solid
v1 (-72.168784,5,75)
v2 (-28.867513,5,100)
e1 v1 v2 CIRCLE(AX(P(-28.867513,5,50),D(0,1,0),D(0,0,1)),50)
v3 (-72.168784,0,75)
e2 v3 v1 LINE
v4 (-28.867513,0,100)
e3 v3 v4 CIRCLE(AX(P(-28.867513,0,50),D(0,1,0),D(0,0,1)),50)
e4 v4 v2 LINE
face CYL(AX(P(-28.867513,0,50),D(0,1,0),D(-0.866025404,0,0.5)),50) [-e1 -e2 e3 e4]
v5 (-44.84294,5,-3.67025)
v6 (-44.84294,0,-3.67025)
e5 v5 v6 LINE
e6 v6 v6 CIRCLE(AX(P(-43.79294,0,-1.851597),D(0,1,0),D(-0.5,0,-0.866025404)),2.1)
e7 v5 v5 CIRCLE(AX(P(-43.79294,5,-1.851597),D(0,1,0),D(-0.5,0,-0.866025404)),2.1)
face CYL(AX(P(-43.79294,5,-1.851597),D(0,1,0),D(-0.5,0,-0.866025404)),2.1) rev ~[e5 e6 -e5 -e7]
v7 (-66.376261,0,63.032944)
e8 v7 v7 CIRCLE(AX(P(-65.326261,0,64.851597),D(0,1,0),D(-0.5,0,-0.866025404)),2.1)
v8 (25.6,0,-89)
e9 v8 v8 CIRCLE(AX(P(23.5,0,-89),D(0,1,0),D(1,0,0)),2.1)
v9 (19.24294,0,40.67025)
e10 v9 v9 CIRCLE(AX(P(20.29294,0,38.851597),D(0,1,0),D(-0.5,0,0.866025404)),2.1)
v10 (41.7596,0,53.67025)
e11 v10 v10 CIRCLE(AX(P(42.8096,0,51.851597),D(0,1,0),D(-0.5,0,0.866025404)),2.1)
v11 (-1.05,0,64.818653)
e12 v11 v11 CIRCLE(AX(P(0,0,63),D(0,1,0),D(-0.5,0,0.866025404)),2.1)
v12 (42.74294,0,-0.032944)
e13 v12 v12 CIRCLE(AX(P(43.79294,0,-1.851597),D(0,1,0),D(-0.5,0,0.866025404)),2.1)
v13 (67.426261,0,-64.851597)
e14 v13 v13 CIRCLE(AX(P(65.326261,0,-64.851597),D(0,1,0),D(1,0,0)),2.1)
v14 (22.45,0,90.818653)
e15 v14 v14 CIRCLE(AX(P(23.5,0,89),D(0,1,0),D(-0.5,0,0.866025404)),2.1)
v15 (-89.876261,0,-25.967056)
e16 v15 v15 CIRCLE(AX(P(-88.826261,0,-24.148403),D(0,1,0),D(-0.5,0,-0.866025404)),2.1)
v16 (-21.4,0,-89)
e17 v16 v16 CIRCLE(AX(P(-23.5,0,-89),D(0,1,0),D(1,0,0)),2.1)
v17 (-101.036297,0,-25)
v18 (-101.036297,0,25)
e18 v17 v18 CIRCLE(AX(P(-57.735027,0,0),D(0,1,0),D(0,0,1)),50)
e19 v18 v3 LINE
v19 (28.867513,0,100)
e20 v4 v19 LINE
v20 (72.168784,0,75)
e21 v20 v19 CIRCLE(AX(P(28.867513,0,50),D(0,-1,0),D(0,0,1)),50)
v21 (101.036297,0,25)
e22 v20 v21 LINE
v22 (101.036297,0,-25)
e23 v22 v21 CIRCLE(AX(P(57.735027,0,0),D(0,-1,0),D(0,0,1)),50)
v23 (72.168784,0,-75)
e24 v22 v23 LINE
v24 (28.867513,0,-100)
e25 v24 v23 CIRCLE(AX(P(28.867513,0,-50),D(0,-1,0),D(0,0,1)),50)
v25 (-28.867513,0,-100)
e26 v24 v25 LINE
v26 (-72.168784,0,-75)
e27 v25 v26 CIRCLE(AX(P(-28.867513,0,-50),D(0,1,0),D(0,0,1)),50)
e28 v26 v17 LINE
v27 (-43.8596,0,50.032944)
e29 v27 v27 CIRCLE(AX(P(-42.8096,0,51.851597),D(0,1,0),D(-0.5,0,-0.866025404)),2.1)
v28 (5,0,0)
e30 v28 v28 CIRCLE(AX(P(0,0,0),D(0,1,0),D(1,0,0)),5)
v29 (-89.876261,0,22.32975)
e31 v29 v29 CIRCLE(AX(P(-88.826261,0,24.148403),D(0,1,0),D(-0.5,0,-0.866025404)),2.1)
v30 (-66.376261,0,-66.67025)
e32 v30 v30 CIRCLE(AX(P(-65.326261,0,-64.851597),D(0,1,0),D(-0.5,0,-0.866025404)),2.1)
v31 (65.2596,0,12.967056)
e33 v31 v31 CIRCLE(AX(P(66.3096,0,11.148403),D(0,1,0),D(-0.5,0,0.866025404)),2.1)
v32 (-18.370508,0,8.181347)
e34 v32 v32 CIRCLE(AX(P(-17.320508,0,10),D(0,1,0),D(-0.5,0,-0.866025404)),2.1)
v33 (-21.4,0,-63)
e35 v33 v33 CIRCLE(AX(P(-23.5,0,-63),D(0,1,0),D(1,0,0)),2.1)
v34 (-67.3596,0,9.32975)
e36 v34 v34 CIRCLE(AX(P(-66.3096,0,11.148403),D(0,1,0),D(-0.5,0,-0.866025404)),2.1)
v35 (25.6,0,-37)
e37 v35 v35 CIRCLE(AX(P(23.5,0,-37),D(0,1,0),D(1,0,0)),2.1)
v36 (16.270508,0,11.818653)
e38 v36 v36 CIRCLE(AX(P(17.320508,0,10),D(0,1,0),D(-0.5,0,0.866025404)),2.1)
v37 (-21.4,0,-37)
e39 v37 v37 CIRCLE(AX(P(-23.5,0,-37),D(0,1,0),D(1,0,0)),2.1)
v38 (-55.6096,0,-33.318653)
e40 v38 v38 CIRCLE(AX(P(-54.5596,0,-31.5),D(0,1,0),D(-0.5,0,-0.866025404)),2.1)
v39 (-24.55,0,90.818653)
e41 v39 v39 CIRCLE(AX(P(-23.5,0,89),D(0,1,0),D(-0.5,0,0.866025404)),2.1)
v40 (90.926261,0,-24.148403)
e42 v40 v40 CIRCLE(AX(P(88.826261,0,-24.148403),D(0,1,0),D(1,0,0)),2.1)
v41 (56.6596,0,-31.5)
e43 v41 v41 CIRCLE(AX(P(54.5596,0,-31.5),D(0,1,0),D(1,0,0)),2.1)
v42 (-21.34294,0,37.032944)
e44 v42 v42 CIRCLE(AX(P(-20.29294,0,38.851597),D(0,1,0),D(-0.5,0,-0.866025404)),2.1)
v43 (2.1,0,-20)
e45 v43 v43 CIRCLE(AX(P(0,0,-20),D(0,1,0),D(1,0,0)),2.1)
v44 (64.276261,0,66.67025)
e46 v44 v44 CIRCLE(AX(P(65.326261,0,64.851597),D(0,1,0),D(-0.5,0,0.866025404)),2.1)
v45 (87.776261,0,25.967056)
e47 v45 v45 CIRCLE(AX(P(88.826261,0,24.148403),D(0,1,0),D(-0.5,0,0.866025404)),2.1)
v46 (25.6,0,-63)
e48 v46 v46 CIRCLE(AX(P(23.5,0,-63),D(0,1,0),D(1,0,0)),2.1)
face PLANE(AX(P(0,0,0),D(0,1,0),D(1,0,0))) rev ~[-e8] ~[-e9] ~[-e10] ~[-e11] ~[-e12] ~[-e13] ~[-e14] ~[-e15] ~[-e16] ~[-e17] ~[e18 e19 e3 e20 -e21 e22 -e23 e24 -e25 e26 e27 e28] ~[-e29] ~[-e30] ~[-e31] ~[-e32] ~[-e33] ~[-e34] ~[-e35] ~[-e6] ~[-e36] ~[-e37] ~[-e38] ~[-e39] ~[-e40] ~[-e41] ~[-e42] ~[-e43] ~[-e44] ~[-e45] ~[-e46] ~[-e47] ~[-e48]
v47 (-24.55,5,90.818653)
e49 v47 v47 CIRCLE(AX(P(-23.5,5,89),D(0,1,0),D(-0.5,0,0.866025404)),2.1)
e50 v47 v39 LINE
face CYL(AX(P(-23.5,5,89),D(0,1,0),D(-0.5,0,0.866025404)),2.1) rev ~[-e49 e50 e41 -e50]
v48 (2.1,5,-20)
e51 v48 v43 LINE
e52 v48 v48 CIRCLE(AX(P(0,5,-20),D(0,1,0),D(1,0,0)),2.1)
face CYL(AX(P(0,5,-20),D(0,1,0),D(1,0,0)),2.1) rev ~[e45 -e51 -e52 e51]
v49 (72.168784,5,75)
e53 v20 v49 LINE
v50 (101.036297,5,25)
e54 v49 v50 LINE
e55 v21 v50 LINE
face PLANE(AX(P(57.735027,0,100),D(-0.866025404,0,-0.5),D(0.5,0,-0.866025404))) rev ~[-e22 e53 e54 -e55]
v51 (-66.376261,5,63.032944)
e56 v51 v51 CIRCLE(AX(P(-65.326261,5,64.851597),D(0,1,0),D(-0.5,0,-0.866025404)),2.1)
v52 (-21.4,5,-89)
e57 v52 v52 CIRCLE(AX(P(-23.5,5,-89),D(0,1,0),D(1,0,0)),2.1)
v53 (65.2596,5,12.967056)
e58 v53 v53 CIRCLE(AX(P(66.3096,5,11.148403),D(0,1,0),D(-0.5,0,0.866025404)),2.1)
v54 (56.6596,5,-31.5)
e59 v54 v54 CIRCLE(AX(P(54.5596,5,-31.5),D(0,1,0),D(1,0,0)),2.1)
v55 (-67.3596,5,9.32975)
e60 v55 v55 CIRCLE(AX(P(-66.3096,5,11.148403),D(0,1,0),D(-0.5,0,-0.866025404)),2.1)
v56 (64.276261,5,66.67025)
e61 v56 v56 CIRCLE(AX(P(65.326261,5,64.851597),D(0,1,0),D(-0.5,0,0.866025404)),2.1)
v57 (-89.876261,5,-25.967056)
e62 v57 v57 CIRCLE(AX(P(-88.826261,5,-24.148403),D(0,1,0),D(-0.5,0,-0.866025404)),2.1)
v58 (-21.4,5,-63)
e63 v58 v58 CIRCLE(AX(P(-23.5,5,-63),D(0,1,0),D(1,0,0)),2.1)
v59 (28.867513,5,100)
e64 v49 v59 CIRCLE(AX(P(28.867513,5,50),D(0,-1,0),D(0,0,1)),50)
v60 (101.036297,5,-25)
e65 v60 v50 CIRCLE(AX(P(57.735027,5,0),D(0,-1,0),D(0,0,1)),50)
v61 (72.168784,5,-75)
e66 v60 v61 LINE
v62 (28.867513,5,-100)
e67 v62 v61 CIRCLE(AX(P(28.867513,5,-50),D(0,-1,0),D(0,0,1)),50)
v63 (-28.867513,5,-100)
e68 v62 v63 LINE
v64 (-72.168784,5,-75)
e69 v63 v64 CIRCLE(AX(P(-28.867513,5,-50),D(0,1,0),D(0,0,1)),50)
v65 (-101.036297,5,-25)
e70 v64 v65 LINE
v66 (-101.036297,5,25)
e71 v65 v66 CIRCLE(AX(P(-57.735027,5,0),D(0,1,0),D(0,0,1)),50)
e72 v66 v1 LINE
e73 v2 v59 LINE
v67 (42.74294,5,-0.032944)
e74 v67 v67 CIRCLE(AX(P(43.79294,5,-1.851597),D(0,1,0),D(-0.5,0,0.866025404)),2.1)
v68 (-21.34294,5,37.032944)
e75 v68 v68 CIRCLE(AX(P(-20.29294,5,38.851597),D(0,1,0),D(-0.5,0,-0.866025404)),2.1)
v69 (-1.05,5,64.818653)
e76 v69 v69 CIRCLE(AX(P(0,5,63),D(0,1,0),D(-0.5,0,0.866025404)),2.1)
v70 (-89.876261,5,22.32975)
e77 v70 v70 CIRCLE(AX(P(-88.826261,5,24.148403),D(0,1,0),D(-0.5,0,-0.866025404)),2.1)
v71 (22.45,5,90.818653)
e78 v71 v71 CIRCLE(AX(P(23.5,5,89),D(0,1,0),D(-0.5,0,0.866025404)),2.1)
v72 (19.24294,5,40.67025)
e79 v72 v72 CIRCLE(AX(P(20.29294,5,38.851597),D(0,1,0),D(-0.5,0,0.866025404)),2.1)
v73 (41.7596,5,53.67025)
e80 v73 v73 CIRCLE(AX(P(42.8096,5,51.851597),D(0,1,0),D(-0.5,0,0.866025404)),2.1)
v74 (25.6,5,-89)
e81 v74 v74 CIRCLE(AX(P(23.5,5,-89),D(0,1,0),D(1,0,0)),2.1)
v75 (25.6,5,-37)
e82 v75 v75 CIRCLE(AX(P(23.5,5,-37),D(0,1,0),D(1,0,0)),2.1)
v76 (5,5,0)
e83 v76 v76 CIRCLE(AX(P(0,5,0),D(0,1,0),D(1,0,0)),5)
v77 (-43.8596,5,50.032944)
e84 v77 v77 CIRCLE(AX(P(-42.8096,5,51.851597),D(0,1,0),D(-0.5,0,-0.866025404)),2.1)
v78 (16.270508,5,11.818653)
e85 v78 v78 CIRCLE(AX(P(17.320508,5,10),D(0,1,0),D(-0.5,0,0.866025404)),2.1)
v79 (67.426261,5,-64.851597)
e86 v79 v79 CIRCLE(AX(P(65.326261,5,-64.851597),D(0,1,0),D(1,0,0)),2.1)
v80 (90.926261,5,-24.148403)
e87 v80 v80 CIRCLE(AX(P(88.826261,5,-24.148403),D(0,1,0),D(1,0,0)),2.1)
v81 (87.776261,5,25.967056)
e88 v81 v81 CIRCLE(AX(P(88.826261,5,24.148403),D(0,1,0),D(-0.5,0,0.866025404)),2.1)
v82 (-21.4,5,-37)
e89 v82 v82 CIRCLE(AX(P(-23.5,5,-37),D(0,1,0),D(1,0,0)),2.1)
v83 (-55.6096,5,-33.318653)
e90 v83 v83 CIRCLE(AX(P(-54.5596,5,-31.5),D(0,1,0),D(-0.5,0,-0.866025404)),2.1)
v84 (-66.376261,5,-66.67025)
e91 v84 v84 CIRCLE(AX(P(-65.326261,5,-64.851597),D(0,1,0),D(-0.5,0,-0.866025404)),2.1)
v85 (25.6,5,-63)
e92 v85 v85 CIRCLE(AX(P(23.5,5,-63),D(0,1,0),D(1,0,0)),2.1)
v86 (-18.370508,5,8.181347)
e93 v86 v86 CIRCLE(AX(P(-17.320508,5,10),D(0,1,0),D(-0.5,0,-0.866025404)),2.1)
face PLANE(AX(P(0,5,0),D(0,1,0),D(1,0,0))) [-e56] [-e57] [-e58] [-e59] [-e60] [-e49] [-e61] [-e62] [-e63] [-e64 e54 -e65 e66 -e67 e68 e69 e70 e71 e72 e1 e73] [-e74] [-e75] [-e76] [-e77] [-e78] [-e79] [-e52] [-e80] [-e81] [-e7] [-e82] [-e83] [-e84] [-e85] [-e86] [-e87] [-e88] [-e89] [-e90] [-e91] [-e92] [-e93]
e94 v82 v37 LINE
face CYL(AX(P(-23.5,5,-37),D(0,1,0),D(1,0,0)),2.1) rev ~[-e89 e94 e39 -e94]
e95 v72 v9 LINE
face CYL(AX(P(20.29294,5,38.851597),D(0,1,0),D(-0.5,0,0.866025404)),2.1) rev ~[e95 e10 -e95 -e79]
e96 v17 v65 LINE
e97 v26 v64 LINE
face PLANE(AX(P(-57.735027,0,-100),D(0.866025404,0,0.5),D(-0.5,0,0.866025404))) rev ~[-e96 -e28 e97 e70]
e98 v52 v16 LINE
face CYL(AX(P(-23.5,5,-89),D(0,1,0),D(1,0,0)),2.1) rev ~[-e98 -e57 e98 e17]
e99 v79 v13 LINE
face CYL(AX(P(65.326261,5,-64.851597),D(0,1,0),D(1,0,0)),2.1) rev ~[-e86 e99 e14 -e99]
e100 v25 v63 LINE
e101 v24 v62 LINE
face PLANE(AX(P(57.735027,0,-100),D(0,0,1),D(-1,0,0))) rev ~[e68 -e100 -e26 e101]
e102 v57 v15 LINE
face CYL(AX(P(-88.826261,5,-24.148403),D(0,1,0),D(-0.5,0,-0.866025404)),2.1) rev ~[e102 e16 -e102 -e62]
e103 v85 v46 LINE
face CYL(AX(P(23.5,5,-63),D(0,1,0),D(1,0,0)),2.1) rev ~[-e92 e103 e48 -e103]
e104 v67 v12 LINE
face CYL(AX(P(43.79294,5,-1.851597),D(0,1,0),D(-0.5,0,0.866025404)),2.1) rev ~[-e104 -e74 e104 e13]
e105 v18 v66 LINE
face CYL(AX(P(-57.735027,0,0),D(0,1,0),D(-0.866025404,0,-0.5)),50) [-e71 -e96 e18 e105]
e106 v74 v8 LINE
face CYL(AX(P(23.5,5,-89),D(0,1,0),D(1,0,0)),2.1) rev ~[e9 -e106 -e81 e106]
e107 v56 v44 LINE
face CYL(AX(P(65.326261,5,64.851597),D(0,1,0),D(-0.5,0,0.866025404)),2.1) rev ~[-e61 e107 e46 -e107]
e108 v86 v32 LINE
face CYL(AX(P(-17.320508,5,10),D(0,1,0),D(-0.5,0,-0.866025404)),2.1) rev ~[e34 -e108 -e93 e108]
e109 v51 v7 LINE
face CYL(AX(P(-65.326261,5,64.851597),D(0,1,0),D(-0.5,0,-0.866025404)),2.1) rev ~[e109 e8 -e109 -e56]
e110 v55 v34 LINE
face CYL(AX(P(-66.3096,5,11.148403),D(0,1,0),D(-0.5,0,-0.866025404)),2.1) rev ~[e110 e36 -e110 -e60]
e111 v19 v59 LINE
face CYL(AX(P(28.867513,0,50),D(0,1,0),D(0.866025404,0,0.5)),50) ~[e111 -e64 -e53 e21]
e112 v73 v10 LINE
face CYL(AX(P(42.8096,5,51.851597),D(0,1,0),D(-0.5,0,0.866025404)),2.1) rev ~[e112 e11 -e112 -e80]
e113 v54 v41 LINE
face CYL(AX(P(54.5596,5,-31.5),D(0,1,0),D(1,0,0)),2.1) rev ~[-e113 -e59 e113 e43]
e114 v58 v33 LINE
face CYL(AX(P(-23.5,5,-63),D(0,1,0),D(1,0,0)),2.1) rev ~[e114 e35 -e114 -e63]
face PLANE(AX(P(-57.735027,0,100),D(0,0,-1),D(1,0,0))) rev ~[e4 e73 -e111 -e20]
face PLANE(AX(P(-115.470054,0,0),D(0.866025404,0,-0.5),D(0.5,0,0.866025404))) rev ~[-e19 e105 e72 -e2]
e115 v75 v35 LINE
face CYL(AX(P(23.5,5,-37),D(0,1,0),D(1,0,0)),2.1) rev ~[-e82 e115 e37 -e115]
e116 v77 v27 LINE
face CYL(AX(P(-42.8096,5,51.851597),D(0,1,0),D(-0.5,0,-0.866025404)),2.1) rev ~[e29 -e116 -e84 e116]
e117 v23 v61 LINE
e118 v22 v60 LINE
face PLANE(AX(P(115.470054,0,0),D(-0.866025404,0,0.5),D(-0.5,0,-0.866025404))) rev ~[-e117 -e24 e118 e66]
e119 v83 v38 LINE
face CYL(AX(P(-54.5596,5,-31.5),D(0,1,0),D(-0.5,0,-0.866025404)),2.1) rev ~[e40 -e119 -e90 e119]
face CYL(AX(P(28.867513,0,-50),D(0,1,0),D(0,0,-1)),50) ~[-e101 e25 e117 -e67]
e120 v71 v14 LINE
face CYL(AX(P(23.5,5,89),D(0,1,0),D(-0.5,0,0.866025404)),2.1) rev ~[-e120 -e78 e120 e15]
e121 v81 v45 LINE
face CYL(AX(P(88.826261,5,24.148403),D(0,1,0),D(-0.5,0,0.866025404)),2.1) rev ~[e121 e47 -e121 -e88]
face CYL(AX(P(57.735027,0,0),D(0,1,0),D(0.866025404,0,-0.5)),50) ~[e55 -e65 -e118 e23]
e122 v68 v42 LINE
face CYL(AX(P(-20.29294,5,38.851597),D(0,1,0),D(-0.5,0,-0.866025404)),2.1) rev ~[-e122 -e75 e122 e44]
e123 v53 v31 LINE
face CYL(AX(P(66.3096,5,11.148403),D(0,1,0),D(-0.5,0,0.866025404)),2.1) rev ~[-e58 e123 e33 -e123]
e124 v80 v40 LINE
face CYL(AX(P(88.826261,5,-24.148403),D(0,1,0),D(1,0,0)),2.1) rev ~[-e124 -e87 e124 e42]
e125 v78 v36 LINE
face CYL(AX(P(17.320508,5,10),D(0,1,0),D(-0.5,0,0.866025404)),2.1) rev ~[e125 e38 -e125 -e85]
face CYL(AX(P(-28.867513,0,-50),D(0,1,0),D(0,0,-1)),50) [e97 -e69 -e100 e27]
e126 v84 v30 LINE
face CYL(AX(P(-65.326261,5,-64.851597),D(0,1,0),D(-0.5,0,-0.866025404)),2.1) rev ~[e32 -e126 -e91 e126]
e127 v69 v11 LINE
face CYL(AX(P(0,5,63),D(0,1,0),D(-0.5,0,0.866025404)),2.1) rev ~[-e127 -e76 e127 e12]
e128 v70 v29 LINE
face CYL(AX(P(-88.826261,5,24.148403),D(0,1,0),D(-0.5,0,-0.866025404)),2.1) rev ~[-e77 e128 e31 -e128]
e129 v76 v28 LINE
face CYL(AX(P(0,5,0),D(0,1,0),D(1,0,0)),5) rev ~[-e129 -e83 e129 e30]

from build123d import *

# Parameters (mm, degrees)
EXTRUDE_1_DEPTH          = 5
SKETCH_2_R               = 2.1
CUT_EXTRUDE_1_DEPTH      = 6
PATTERN_CIRCULAR_1_COUNT = 3
SKETCH_3_R               = 2.1
CUT_EXTRUDE_2_DEPTH      = 6
PATTERN_CIRCULAR_2_COUNT = 3
SKETCH_4_R               = 2.1
CUT_EXTRUDE_3_DEPTH      = 6
PATTERN_CIRCULAR_3_COUNT = 3
FILLET_1_R               = 50
SKETCH_5_R               = 5
CUT_EXTRUDE_4_DEPTH      = 1
CUT_EXTRUDE_4_DEPTH_BACK = 6


with BuildPart() as part:
    # 草图1 → 凸台-拉伸1 (new body)
    with BuildSketch(Plane(origin=(0, 0, 0), x_dir=(1, 0, 0), z_dir=(0, 1, 0))):
        Polygon((57.735026919, 100), (-57.735026919, 100), (-115.470053838, 0), (-57.735026919, -100), (57.735026919, -100), (115.470053838, 0), align=None)
    extrude(amount=EXTRUDE_1_DEPTH)

    # 草图2 → 切除-拉伸1 (cut, through all)
    with BuildSketch(Plane(origin=(0, 5, 0), x_dir=(1, 0, 0), z_dir=(0, 1, 0))):
        with Locations((-23.5, 37)):
            Circle(SKETCH_2_R)
        with Locations((23.5, 37)):
            Circle(SKETCH_2_R)
        with Locations((-23.5, 63)):
            Circle(SKETCH_2_R)
        with Locations((23.5, 63)):
            Circle(SKETCH_2_R)
        with Locations((-23.5, 89)):
            Circle(SKETCH_2_R)
        with Locations((23.5, 89)):
            Circle(SKETCH_2_R)
    cut_extrude_1 = extrude(amount=-CUT_EXTRUDE_1_DEPTH, mode=Mode.SUBTRACT)

    # 阵列(圆周)1: 切除-拉伸1 ×3 about axis
    pattern_circular_1_axis = Axis((0, 0, 0), (0, 1, 0))
    for i in range(1, PATTERN_CIRCULAR_1_COUNT):
        add(cut_extrude_1.rotate(pattern_circular_1_axis, i * 360 / PATTERN_CIRCULAR_1_COUNT), mode=Mode.SUBTRACT)

    # 草图3 → 切除-拉伸2 (cut, through all)
    with BuildSketch(Plane(origin=(0, 5, 0), x_dir=(1, 0, 0), z_dir=(0, 1, 0))):
        with Locations((65.326260937, 64.851596989)):
            Circle(SKETCH_3_R)
        with Locations((88.826260937, 24.148403011)):
            Circle(SKETCH_3_R)
        with Locations((54.559600438, 31.5)):
            Circle(SKETCH_3_R)
    cut_extrude_2 = extrude(amount=-CUT_EXTRUDE_2_DEPTH, mode=Mode.SUBTRACT)

    # 阵列(圆周)2: 切除-拉伸2 ×3 about axis
    pattern_circular_2_axis = Axis((0, 0, 0), (0, 1, 0))
    for i in range(1, PATTERN_CIRCULAR_2_COUNT):
        add(cut_extrude_2.rotate(pattern_circular_2_axis, i * 360 / PATTERN_CIRCULAR_2_COUNT), mode=Mode.SUBTRACT)

    # 草图4 → 切除-拉伸3 (cut, through all)
    with BuildSketch(Plane(origin=(0, 5, 0), x_dir=(1, 0, 0), z_dir=(0, 1, 0))):
        with Locations((0, 20)):
            Circle(SKETCH_4_R)
    cut_extrude_3 = extrude(amount=-CUT_EXTRUDE_3_DEPTH, mode=Mode.SUBTRACT)

    # 阵列(圆周)3: 切除-拉伸3 ×3 about axis
    pattern_circular_3_axis = Axis((0, 0, 0), (0, 1, 0))
    for i in range(1, PATTERN_CIRCULAR_3_COUNT):
        add(cut_extrude_3.rotate(pattern_circular_3_axis, i * 360 / PATTERN_CIRCULAR_3_COUNT), mode=Mode.SUBTRACT)

    # 圆角1
    fillet_1_edges = [part.edges().sort_by_distance(p)[0] for p in [
        (115.470053838, 2.5, 0),
        (57.735026919, 2.5, 100),
        (-57.735026919, 2.5, 100),
        (-115.470053838, 2.5, 0),
        (-57.735026919, 2.5, -100),
        (57.735026919, 2.5, -100),
    ]]
    fillet(fillet_1_edges, radius=FILLET_1_R)

    # 草图5 → 切除-拉伸4 (cut, two sides)
    with BuildSketch(Plane(origin=(0, 5, 0), x_dir=(1, 0, 0), z_dir=(0, 1, 0))) as cut_extrude_4_sk:
        Circle(SKETCH_5_R)
    extrude(amount=CUT_EXTRUDE_4_DEPTH, mode=Mode.SUBTRACT)
    extrude(cut_extrude_4_sk.sketch, amount=-CUT_EXTRUDE_4_DEPTH_BACK, mode=Mode.SUBTRACT)


solid = part.part
